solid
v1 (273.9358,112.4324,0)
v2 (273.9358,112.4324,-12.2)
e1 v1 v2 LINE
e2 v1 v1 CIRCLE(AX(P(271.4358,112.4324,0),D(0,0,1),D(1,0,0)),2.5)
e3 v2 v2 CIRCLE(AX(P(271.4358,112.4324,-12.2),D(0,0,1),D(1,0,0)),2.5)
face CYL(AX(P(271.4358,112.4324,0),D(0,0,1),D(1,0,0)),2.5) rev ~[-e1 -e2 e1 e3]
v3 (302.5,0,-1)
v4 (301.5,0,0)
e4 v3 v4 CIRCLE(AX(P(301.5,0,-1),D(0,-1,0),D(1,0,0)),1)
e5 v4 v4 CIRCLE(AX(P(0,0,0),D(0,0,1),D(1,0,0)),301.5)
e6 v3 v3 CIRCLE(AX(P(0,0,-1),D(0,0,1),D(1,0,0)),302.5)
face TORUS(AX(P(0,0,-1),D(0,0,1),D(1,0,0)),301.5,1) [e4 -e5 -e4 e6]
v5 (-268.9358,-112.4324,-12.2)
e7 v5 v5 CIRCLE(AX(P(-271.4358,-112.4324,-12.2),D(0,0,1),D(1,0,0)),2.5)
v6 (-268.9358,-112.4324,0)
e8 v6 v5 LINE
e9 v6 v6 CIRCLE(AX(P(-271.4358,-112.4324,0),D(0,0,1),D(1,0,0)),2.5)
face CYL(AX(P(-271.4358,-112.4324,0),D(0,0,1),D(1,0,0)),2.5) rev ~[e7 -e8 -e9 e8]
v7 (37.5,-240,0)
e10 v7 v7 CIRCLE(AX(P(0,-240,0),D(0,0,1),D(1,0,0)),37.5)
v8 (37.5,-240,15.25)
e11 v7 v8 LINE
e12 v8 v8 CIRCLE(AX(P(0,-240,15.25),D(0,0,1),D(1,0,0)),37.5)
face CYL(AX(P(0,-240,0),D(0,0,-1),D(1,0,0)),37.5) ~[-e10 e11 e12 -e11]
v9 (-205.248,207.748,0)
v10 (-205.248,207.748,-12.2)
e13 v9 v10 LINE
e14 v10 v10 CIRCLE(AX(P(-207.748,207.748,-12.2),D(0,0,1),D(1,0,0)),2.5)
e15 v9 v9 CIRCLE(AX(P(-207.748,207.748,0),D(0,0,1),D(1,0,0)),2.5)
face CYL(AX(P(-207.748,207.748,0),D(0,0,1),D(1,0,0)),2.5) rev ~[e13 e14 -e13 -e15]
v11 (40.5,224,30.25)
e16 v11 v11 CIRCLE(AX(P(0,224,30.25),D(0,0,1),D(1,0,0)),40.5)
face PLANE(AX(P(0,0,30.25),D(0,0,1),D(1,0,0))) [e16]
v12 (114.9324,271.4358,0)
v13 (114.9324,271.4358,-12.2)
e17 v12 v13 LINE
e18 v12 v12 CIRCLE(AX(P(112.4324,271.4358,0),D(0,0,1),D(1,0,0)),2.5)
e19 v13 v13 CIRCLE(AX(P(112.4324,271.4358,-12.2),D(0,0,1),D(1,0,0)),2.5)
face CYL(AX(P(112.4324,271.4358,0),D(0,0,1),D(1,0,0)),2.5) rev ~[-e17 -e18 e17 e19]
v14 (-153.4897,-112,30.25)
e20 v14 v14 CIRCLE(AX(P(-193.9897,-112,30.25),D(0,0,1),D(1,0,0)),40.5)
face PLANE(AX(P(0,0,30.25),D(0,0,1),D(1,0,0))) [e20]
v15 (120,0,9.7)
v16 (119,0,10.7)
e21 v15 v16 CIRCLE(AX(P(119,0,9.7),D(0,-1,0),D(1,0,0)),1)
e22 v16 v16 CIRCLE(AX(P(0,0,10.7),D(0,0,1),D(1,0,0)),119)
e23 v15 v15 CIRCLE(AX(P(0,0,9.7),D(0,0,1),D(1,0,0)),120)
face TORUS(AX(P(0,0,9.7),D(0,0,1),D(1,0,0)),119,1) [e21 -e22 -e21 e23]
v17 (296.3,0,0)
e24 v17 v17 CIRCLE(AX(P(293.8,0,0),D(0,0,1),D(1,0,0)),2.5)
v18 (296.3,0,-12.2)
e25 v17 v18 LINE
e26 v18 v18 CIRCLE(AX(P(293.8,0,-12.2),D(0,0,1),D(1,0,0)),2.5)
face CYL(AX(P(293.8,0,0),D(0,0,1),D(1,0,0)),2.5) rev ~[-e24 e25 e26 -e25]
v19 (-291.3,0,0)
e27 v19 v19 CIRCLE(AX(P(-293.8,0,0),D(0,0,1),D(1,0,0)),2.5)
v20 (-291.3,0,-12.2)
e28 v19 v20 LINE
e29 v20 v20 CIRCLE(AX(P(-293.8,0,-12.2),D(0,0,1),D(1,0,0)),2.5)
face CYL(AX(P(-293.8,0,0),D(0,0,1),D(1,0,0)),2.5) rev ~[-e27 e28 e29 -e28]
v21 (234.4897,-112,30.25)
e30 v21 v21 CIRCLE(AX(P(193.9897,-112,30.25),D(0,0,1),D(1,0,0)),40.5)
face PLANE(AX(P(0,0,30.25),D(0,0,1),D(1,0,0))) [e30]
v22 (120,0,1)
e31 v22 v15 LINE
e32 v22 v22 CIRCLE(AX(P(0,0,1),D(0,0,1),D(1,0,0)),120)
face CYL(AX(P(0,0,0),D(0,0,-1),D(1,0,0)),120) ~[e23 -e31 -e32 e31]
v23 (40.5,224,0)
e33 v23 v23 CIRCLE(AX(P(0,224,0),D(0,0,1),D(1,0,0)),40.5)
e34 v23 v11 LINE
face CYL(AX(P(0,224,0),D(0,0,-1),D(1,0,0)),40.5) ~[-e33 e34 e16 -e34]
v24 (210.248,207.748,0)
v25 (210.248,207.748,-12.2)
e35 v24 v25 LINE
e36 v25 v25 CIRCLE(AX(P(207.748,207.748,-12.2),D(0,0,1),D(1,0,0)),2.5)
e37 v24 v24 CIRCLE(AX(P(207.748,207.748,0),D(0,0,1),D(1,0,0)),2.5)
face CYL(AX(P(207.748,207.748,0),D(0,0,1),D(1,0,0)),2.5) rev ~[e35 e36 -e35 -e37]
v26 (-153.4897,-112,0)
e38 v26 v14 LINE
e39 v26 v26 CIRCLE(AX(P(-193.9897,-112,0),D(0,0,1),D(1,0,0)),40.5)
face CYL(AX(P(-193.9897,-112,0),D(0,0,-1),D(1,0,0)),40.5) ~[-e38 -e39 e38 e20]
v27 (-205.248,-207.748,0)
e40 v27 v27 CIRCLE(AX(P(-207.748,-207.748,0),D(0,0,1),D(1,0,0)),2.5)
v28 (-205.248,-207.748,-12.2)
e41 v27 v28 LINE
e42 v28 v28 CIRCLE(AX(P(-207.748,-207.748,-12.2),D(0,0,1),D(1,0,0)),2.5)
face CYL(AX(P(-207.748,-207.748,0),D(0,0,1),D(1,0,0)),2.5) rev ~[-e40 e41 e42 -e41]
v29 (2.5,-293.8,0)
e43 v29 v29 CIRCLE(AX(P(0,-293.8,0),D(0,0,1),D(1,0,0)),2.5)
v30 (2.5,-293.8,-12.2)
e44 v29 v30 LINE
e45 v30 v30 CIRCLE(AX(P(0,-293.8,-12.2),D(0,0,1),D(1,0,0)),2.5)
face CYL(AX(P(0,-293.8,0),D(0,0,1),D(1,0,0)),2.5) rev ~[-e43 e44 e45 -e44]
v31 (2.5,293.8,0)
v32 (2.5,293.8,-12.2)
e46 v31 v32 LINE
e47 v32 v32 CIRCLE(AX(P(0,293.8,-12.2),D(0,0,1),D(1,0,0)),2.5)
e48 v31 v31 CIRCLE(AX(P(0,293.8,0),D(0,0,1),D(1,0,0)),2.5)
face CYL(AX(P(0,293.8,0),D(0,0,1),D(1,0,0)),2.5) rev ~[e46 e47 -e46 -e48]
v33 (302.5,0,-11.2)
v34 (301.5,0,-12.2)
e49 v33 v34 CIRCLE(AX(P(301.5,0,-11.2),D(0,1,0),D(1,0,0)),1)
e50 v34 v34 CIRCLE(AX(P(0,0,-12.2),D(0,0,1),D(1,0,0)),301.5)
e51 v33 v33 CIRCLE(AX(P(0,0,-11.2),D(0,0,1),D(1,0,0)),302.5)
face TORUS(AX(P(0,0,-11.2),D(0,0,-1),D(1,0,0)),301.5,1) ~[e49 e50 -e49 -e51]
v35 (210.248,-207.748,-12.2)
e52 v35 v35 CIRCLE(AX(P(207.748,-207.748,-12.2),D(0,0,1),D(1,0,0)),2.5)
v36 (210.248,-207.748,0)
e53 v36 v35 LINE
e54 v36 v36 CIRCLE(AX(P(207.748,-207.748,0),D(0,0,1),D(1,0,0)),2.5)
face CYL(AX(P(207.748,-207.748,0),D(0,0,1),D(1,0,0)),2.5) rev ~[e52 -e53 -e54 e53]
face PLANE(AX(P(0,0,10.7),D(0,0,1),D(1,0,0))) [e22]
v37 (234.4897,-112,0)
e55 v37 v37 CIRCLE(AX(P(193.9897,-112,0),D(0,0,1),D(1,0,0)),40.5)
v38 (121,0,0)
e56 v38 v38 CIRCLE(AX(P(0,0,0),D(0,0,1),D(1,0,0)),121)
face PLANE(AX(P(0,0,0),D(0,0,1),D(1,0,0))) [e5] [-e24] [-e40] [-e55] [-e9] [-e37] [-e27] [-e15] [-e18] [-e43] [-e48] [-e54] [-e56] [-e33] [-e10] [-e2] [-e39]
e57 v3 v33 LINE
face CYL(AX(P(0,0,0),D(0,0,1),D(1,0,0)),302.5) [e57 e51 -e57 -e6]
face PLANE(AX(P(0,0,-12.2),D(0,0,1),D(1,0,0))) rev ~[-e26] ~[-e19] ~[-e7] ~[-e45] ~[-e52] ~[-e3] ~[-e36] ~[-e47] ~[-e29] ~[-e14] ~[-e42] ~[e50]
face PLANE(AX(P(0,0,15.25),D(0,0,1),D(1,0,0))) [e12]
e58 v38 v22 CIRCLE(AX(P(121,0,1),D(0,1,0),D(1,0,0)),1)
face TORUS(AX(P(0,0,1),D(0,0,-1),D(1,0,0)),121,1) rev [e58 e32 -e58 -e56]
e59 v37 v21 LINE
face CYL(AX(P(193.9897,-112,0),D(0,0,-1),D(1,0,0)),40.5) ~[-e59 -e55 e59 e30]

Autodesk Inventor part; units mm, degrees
ref_plane "YZ Plane" through (0, 0, 0) normal (1, 0, 0) x (0, 1, 0)
ref_plane "XZ Plane" through (0, 0, 0) normal (0, 1, 0) x (-1, 0, 0)
ref_plane "XY Plane" through (0, 0, 0) normal (0, 0, 1) x (1, 0, 0)
sketch "Sketch7" plane through (0, 0, 0) normal (0, 0, 1) x (1, 0, 0)
  circle A0 centre (0, 0) radius 302.5
  line L0 (0, 0) -> (500, 0) construction
  line L1 (0, 0) -> (433.0127, -250) construction
  line L2 (0, 0) -> (500, 0) construction
  line L3 (0, 0) -> (-433.0127, -250) construction
  line L4 (0, 0) -> (500, 0) construction
  circle A1 centre (0, 224) radius 40.5
  circle A2 centre (-193.9897, -112) radius 40.5
  circle A3 centre (193.9897, -112) radius 40.5
  circle A4 centre (0, -240) radius 37.5
  circle A5 centre (0, 0) radius 120
  circle A6 centre (0, 0) radius 293.8 construction
  line L5 (-461.9398, -191.3417) -> (461.9398, 191.3417) construction
  line L6 (0, 0) -> (191.3417, 461.9398) construction
  line L7 (0, 0) -> (500, 0) construction
  circle A7 centre (0, 293.8) radius 2.5
  circle A8 centre (0, 293.8) radius 4.225 construction
  circle A9 centre (0, 293.8) radius 5 construction
  circle A10 centre (271.4358, 112.4324) radius 5 construction
  circle A11 centre (271.4358, 112.4324) radius 2.5
  line L8 (275.8097, 114.2441) -> (275.1918, 109.5504) construction
  line L9 (275.1918, 109.5504) -> (270.8179, 107.7386) construction
  line L10 (270.8179, 107.7386) -> (267.0619, 110.6207) construction
  line L11 (267.0619, 110.6207) -> (267.6799, 115.3144) construction
  line L12 (267.6799, 115.3144) -> (272.0538, 117.1262) construction
  line L13 (272.0538, 117.1262) -> (275.8097, 114.2441) construction
  circle A12 centre (112.4324, 271.4358) radius 5 construction
  circle A13 centre (112.4324, 271.4358) radius 2.5
  line L14 (114.2441, 275.8097) -> (117.1262, 272.0538) construction
  line L15 (117.1262, 272.0538) -> (115.3144, 267.6799) construction
  line L16 (115.3144, 267.6799) -> (110.6207, 267.0619) construction
  line L17 (110.6207, 267.0619) -> (107.7386, 270.8179) construction
  line L18 (107.7386, 270.8179) -> (109.5504, 275.1918) construction
  line L19 (109.5504, 275.1918) -> (114.2441, 275.8097) construction
  circle A14 centre (-271.4358, -112.4324) radius 5 construction
  circle A15 centre (-271.4358, -112.4324) radius 2.5
  line L20 (-275.8097, -114.2441) -> (-275.1918, -109.5504) construction
  line L21 (-275.1918, -109.5504) -> (-270.8179, -107.7386) construction
  line L22 (-270.8179, -107.7386) -> (-267.0619, -110.6207) construction
  line L23 (-267.0619, -110.6207) -> (-267.6799, -115.3144) construction
  line L24 (-267.6799, -115.3144) -> (-272.0538, -117.1262) construction
  line L25 (-272.0538, -117.1262) -> (-275.8097, -114.2441) construction
  circle A16 centre (-207.748, 207.748) radius 2.5
  circle A17 centre (-207.748, 207.748) radius 4.225 construction
  circle A18 centre (-207.748, 207.748) radius 5 construction
  circle A19 centre (-293.8, 0) radius 2.5
  circle A20 centre (-293.8, 0) radius 4.225 construction
  circle A21 centre (-293.8, 0) radius 5 construction
  circle A22 centre (-207.748, -207.748) radius 2.5
  circle A23 centre (-207.748, -207.748) radius 4.225 construction
  circle A24 centre (-207.748, -207.748) radius 5 construction
  circle A25 centre (0, -293.8) radius 2.5
  circle A26 centre (0, -293.8) radius 4.225 construction
  circle A27 centre (0, -293.8) radius 5 construction
  circle A28 centre (207.748, -207.748) radius 2.5
  circle A29 centre (207.748, -207.748) radius 4.225 construction
  circle A30 centre (207.748, -207.748) radius 5 construction
  circle A31 centre (293.8, 0) radius 2.5
  circle A32 centre (293.8, 0) radius 4.225 construction
  circle A33 centre (293.8, 0) radius 5 construction
  circle A34 centre (207.748, 207.748) radius 2.5
  circle A35 centre (207.748, 207.748) radius 4.225 construction
  circle A36 centre (207.748, 207.748) radius 5 construction
  dimension "d26" = 605
  dimension "d29" = 500
  dimension "d30" = 30
  dimension "d31" = 500
  dimension "d32" = 150
  dimension "d34" = 81
  dimension "d35" = 224
  dimension "d38" = 360
  dimension "d40" = 75
  dimension "d41" = 240
  dimension "d42" = 240
  dimension "d79" = 587.6
  dimension "d80" = 1000
  dimension "d82" = 500
  dimension "d83" = 67.5
  dimension "d84" = 5
  dimension "d85" = 8.45
  dimension "d86" = 10
  dimension "d87" = 10
  dimension "d88" = 5
  dimension "d89" = 8.2
  dimension "d90" = 10
  dimension "d91" = 5
  dimension "d92" = 8.2
  dimension "d93" = 10
  dimension "d94" = 5
  dimension "d95" = 8.2
  dimension "d98" = 360
extrude "Extrusion7" add sketch "Sketch7" against normal blind 12.2 contours A0 | A1 | A2 | A3 | A4 | A5 | A7 | A11 | A13 | A15 | A16 | A19 | A22 | A25 | A28 | A31 | A34
extrude "Extrusion8" add sketch "Sketch7" along normal blind 30.25 contours A1 | A2 | A3
extrude "Extrusion9" add sketch "Sketch7" along normal blind 10.7 contours A5
extrude "Extrusion10" add sketch "Sketch7" along normal blind 15.25 contours A4
extrude "Extrusion11" cut sketch "Sketch7" against normal blind 12.2 contours A7 | A11 | A13 | A15 | A16 | A19 | A22 | A25 | A28 | A31 | A34
fillet "Fillet4" radius 1 4 edges at (-120, 0, 10.7) (-120, 0, 0) (-302.5, 0, 0) (-302.5, 0, -12.2)
properties part number "proteox_tube_bottom" material "Stainless Steel"
